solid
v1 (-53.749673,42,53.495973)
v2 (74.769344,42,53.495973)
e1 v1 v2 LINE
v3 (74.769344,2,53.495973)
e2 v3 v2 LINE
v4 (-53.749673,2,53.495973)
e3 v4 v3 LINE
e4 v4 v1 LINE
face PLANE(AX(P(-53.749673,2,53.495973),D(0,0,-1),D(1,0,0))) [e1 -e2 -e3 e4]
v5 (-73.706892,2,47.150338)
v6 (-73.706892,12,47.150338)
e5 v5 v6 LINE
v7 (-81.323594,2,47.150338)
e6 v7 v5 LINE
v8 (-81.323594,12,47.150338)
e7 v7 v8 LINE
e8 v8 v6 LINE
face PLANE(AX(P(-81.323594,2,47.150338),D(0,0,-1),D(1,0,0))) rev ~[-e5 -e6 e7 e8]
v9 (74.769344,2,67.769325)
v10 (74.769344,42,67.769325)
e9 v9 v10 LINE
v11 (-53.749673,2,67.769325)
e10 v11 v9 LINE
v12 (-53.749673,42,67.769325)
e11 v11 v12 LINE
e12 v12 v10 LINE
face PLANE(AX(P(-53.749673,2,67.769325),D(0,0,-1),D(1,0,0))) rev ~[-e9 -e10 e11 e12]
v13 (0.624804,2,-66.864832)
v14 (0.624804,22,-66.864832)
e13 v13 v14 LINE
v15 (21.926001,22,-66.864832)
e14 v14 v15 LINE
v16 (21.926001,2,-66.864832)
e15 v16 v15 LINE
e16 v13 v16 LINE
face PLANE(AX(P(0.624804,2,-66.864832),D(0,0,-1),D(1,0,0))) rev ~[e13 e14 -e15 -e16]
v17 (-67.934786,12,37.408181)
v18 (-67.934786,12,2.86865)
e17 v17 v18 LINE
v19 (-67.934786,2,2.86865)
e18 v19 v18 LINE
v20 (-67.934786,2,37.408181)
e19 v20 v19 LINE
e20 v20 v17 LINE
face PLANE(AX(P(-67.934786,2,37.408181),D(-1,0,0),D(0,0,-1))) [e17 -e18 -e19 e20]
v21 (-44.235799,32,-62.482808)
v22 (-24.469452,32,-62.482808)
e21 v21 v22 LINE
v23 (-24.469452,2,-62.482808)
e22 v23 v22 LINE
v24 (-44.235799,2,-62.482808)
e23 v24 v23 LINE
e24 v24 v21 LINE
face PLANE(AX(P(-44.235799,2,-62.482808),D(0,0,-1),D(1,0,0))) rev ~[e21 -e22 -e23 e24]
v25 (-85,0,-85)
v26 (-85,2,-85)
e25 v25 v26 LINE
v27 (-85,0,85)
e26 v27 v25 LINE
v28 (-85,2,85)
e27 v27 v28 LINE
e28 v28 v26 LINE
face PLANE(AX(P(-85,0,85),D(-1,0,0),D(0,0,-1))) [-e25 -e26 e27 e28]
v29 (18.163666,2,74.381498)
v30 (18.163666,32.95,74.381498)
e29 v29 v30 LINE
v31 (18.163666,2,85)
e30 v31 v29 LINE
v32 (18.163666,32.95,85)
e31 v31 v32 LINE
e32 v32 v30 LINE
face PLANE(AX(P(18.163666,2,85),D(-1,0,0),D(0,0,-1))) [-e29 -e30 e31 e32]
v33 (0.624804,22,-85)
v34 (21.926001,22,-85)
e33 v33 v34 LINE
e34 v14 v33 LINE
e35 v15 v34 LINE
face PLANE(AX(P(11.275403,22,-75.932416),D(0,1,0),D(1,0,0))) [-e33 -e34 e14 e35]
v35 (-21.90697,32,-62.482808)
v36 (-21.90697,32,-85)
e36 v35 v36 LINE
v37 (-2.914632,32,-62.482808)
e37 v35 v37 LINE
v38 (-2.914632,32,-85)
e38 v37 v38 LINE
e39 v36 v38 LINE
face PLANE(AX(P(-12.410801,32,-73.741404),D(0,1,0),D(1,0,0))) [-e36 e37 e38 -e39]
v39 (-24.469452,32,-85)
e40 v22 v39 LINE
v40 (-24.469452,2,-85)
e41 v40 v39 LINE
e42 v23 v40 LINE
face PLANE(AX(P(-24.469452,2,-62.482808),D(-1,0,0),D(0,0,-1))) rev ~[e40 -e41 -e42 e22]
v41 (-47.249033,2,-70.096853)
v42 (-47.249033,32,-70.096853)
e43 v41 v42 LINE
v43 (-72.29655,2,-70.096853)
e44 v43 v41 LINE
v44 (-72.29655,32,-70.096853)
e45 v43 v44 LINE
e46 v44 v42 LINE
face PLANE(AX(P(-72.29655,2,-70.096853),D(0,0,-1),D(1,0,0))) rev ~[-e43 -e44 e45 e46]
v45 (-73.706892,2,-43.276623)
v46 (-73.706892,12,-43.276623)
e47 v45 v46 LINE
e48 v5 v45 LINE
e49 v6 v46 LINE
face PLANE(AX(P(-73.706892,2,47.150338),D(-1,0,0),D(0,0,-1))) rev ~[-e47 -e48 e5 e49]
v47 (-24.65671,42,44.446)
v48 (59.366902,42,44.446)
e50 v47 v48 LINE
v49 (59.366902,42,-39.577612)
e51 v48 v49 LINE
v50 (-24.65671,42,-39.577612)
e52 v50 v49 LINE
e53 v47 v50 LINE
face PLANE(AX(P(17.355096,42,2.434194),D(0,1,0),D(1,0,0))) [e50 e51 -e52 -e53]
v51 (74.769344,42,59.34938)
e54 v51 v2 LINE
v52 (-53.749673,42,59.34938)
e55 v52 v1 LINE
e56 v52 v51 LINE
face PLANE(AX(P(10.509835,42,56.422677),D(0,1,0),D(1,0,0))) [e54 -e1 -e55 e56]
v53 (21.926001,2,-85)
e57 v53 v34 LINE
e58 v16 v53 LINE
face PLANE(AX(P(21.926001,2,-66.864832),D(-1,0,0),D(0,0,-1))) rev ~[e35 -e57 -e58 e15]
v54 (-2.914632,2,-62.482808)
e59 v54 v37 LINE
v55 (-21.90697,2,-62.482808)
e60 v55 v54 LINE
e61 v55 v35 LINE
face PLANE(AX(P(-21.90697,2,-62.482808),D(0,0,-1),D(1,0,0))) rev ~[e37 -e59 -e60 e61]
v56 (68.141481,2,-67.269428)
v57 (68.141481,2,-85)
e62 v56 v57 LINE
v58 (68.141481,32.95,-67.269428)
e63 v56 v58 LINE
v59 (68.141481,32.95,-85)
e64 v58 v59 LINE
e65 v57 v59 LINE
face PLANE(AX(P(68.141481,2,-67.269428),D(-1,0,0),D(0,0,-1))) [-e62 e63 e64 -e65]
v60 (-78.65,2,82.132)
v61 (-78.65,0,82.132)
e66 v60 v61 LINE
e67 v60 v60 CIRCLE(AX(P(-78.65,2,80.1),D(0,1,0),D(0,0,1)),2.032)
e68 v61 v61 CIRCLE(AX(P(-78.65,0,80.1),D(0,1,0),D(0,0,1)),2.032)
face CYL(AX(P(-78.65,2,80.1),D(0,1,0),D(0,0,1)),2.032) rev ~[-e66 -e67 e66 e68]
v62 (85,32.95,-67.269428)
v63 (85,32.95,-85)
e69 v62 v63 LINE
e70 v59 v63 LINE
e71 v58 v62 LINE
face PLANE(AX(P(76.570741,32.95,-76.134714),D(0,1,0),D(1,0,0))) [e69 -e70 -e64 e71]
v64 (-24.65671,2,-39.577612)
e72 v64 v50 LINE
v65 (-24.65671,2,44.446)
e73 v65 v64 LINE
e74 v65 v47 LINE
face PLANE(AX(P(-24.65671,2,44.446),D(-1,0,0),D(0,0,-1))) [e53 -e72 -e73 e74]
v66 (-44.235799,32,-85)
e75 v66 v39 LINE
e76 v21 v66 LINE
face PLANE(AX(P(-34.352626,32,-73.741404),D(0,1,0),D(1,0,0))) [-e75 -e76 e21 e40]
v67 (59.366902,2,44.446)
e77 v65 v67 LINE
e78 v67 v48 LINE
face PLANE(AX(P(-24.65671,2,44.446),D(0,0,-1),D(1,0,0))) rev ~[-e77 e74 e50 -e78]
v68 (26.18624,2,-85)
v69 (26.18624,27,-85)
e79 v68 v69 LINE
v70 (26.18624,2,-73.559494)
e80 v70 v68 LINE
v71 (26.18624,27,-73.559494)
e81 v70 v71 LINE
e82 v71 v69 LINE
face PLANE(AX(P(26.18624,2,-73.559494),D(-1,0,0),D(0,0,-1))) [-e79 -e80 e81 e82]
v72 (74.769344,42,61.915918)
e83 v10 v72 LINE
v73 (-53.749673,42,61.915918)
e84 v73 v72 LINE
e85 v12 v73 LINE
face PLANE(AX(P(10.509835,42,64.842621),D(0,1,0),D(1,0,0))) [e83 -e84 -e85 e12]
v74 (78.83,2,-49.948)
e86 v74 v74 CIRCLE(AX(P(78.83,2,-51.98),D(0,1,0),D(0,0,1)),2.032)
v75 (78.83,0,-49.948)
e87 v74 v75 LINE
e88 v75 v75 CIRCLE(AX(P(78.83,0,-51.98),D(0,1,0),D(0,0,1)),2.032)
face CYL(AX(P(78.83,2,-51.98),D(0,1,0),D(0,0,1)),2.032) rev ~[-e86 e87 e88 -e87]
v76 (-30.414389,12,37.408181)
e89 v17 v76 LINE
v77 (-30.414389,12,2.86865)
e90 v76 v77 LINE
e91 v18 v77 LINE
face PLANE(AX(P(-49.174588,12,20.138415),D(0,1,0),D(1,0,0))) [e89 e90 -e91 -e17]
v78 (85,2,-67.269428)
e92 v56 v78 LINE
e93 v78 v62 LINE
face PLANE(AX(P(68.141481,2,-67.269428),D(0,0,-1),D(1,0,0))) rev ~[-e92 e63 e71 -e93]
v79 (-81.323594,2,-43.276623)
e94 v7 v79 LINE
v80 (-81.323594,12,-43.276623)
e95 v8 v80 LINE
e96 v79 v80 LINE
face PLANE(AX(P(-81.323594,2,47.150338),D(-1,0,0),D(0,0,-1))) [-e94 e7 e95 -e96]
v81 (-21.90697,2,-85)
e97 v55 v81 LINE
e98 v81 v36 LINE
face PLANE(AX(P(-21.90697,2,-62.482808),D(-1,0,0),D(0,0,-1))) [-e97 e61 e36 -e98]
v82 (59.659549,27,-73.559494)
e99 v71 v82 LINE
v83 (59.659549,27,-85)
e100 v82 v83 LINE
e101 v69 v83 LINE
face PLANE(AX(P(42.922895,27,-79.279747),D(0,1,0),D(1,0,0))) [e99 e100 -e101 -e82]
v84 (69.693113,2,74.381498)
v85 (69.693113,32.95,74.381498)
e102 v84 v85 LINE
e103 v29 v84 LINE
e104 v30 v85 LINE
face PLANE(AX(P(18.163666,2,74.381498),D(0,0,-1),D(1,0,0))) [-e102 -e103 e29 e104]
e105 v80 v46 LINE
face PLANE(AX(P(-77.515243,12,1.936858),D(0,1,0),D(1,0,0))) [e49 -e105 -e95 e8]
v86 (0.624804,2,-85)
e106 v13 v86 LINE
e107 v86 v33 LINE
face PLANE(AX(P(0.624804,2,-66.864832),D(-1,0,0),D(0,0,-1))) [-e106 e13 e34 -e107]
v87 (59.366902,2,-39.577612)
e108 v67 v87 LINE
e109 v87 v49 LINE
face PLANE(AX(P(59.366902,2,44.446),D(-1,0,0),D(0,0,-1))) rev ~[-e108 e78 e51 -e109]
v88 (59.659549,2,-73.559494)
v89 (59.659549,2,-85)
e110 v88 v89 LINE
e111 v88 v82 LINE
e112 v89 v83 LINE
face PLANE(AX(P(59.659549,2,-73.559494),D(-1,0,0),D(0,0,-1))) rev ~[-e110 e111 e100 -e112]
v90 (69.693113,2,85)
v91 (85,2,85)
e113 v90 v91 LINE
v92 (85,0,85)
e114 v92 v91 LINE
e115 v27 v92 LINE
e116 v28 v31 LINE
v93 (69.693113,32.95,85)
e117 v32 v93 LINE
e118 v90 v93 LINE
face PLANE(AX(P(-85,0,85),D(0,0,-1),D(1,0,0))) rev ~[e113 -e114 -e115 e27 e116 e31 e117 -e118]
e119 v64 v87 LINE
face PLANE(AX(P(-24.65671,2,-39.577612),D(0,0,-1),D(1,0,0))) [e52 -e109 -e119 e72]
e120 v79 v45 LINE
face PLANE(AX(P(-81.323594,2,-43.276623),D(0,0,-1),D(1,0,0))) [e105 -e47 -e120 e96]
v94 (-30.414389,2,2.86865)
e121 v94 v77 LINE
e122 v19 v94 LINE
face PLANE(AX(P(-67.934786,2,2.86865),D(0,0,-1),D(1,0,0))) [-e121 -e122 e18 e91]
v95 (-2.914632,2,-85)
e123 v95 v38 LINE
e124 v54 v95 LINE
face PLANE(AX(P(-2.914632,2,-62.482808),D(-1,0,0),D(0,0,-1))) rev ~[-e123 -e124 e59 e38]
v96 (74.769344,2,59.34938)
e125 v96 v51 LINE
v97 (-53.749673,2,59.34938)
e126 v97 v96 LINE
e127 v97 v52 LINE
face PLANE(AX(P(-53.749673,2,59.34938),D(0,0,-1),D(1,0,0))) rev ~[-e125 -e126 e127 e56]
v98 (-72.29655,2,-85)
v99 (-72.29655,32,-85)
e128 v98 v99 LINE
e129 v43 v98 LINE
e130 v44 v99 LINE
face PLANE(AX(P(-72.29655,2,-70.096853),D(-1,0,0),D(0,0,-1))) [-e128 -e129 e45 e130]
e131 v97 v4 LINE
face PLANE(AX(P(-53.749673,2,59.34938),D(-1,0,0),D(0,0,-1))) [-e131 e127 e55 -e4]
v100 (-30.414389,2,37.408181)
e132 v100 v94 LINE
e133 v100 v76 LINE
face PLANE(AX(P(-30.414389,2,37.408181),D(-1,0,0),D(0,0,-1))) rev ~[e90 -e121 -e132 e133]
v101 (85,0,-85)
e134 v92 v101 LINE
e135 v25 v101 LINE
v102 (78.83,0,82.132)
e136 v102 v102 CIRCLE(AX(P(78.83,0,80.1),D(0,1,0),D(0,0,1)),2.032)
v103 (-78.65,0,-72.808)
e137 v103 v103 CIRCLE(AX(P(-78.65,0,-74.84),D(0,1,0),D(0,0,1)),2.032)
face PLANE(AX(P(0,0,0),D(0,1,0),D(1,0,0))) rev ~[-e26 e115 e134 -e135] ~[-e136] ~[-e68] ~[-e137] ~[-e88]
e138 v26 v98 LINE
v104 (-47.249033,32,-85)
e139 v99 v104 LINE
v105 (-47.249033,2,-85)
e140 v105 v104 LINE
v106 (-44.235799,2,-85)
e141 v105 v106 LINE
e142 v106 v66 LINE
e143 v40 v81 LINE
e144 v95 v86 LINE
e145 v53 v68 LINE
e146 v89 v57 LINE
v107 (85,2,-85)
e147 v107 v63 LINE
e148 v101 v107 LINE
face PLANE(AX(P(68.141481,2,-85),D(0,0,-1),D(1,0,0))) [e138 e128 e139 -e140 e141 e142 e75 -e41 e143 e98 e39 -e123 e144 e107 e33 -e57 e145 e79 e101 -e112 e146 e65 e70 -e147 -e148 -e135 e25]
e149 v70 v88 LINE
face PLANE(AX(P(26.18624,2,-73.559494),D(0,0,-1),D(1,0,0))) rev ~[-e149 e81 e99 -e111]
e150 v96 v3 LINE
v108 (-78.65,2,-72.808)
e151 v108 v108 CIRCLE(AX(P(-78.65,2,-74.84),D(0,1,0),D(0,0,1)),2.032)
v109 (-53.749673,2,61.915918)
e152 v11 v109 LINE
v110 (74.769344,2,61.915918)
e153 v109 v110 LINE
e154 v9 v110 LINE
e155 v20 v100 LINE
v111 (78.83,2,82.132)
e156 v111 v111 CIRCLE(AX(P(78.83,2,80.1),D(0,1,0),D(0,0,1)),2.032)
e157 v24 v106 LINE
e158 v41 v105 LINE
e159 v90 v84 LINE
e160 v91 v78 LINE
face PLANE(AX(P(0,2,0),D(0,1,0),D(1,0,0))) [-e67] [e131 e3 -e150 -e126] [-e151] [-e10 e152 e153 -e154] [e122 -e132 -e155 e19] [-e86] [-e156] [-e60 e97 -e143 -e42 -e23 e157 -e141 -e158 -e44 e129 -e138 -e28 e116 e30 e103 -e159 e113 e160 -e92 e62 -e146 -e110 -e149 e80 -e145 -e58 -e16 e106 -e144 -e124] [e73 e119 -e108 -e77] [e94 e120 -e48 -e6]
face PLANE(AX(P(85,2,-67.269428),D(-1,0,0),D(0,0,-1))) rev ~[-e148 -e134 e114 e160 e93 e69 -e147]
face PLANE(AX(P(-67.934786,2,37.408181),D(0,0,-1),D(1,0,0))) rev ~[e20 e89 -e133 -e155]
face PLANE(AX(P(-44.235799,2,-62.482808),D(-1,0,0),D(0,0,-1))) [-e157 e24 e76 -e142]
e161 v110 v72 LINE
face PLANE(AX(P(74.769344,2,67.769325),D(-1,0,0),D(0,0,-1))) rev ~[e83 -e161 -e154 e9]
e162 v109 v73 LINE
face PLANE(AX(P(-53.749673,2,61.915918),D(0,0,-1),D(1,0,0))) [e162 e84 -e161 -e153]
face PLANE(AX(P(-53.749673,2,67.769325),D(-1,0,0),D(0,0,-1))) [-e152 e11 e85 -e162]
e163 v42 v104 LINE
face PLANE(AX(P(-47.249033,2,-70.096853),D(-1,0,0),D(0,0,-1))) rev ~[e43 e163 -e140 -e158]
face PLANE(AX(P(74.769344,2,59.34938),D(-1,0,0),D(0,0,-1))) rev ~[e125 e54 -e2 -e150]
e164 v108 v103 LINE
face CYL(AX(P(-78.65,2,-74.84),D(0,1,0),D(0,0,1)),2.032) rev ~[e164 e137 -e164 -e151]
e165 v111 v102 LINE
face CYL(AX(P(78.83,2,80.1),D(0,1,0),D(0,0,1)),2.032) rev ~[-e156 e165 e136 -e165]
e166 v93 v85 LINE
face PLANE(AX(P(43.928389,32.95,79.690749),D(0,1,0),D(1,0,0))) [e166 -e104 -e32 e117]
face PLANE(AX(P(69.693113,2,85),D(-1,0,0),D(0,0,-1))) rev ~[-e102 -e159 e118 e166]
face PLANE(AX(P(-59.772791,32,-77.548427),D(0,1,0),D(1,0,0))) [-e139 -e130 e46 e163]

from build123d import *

# Parameters (mm, degrees)
SKETCH1_W           = 170.000000106
SKETCH1_H           = 170.000000106
BOSS_EXTRUDE1_DEPTH = 2
SKETCH2_W           = 128.519017825
SKETCH2_H           = 5.853406533
BOSS_EXTRUDE2_DEPTH = 40
SKETCH3_W           = 84.023612157
SKETCH3_H           = 84.023612156
BOSS_EXTRUDE3_DEPTH = 40
SKETCH4_W           = 25.047517012
SKETCH4_H           = 14.903147005
SKETCH4_W_2         = 19.766346878
SKETCH4_H_2         = 22.517192253
SKETCH4_W_3         = 18.992337586
BOSS_EXTRUDE4_DEPTH = 30
SKETCH5_W           = 21.301196701
SKETCH5_H           = 18.135167802
BOSS_EXTRUDE5_DEPTH = 20
SKETCH6_W           = 33.473309102
SKETCH6_H           = 11.440505981
BOSS_EXTRUDE6_DEPTH = 25
SKETCH7_W           = 16.858518609
SKETCH7_H           = 17.730572085
SKETCH7_W_2         = 51.529446996
SKETCH7_H_2         = 10.618502019
BOSS_EXTRUDE7_DEPTH = 30.95
SKETCH8_W           = 37.52039774
SKETCH8_H           = 34.539531191
SKETCH8_W_2         = 7.616701468
SKETCH8_H_2         = 90.426961443
BOSS_EXTRUDE8_DEPTH = 10
SKETCH9_R           = 2.032
CUT_EXTRUDE1_DEPTH  = 10


with BuildPart() as part:
    # Sketch1 → Boss-Extrude1 (new body)
    with BuildSketch(Plane(origin=(0, 0, 0), x_dir=(1, 0, 0), z_dir=(0, 1, 0))):
        Rectangle(SKETCH1_W, SKETCH1_H)
    extrude(amount=BOSS_EXTRUDE1_DEPTH)

    # Sketch2 → Boss-Extrude2 (add)
    with BuildSketch(Plane(origin=(0, 2, 0), x_dir=(1, 0, 0), z_dir=(0, 1, 0))):
        with Locations((10.509835463, -56.422676592)):
            Rectangle(SKETCH2_W, SKETCH2_H)
        with Locations((10.509835463, -64.84262126)):
            Rectangle(SKETCH2_W, SKETCH2_H)
    extrude(amount=BOSS_EXTRUDE2_DEPTH)

    # Sketch3 → Boss-Extrude3 (add)
    with BuildSketch(Plane(origin=(0, 2, 0), x_dir=(1, 0, 0), z_dir=(0, 1, 0))):
        with Locations((17.355096342, -2.434194161)):
            Rectangle(SKETCH3_W, SKETCH3_H)
    extrude(amount=BOSS_EXTRUDE3_DEPTH)

    # Sketch4 → Boss-Extrude4 (add)
    with BuildSketch(Plane(origin=(0, 2, 0), x_dir=(1, 0, 0), z_dir=(0, 1, 0))):
        with Locations((-59.772791477, 77.548426551)):
            Rectangle(SKETCH4_W, SKETCH4_H)
        with Locations((-34.352625517, 73.741403926)):
            Rectangle(SKETCH4_W_2, SKETCH4_H_2)
        with Locations((-12.41080084, 73.741403926)):
            Rectangle(SKETCH4_W_3, SKETCH4_H_2)
    extrude(amount=BOSS_EXTRUDE4_DEPTH)

    # Sketch5 → Boss-Extrude5 (add)
    with BuildSketch(Plane(origin=(0, 2, 0), x_dir=(1, 0, 0), z_dir=(0, 1, 0))):
        with Locations((11.275402632, 75.932416152)):
            Rectangle(SKETCH5_W, SKETCH5_H)
    extrude(amount=BOSS_EXTRUDE5_DEPTH)

    # Sketch6 → Boss-Extrude6 (add)
    with BuildSketch(Plane(origin=(0, 2, 0), x_dir=(1, 0, 0), z_dir=(0, 1, 0))):
        with Locations((42.922894873, 79.279747063)):
            Rectangle(SKETCH6_W, SKETCH6_H)
    extrude(amount=BOSS_EXTRUDE6_DEPTH)

    # Sketch7 → Boss-Extrude7 (add)
    with BuildSketch(Plane(origin=(0, 2, 0), x_dir=(1, 0, 0), z_dir=(0, 1, 0))):
        with Locations((76.570740749, 76.134714011)):
            Rectangle(SKETCH7_W, SKETCH7_H)
        with Locations((43.928389082, -79.690749044)):
            Rectangle(SKETCH7_W_2, SKETCH7_H_2)
    extrude(amount=BOSS_EXTRUDE7_DEPTH)

    # Sketch8 → Boss-Extrude8 (add)
    with BuildSketch(Plane(origin=(0, 2, 0), x_dir=(1, 0, 0), z_dir=(0, 1, 0))):
        with Locations((-49.174587618, -20.138415223)):
            Rectangle(SKETCH8_W, SKETCH8_H)
        with Locations((-77.515242813, -1.936857576)):
            Rectangle(SKETCH8_W_2, SKETCH8_H_2)
    extrude(amount=BOSS_EXTRUDE8_DEPTH)

    # Sketch9 → Cut-Extrude1 (cut)
    with BuildSketch(Plane(origin=(0, 2, 0), x_dir=(1, 0, 0), z_dir=(0, 1, 0))):
        with Locations(Location((-78.650000053, 74.840000053, 0), (0, 0, 270))):
            Circle(SKETCH9_R)
        with Locations(Location((78.829999947, 51.980000053, 0), (0, 0, 270))):
            Circle(SKETCH9_R)
        with Locations(Location((78.829999947, -80.099999947, 0), (0, 0, 270))):
            Circle(SKETCH9_R)
        with Locations(Location((-78.650000053, -80.099999947, 0), (0, 0, 270))):
            Circle(SKETCH9_R)
    extrude(amount=-CUT_EXTRUDE1_DEPTH, mode=Mode.SUBTRACT)


solid = part.part
